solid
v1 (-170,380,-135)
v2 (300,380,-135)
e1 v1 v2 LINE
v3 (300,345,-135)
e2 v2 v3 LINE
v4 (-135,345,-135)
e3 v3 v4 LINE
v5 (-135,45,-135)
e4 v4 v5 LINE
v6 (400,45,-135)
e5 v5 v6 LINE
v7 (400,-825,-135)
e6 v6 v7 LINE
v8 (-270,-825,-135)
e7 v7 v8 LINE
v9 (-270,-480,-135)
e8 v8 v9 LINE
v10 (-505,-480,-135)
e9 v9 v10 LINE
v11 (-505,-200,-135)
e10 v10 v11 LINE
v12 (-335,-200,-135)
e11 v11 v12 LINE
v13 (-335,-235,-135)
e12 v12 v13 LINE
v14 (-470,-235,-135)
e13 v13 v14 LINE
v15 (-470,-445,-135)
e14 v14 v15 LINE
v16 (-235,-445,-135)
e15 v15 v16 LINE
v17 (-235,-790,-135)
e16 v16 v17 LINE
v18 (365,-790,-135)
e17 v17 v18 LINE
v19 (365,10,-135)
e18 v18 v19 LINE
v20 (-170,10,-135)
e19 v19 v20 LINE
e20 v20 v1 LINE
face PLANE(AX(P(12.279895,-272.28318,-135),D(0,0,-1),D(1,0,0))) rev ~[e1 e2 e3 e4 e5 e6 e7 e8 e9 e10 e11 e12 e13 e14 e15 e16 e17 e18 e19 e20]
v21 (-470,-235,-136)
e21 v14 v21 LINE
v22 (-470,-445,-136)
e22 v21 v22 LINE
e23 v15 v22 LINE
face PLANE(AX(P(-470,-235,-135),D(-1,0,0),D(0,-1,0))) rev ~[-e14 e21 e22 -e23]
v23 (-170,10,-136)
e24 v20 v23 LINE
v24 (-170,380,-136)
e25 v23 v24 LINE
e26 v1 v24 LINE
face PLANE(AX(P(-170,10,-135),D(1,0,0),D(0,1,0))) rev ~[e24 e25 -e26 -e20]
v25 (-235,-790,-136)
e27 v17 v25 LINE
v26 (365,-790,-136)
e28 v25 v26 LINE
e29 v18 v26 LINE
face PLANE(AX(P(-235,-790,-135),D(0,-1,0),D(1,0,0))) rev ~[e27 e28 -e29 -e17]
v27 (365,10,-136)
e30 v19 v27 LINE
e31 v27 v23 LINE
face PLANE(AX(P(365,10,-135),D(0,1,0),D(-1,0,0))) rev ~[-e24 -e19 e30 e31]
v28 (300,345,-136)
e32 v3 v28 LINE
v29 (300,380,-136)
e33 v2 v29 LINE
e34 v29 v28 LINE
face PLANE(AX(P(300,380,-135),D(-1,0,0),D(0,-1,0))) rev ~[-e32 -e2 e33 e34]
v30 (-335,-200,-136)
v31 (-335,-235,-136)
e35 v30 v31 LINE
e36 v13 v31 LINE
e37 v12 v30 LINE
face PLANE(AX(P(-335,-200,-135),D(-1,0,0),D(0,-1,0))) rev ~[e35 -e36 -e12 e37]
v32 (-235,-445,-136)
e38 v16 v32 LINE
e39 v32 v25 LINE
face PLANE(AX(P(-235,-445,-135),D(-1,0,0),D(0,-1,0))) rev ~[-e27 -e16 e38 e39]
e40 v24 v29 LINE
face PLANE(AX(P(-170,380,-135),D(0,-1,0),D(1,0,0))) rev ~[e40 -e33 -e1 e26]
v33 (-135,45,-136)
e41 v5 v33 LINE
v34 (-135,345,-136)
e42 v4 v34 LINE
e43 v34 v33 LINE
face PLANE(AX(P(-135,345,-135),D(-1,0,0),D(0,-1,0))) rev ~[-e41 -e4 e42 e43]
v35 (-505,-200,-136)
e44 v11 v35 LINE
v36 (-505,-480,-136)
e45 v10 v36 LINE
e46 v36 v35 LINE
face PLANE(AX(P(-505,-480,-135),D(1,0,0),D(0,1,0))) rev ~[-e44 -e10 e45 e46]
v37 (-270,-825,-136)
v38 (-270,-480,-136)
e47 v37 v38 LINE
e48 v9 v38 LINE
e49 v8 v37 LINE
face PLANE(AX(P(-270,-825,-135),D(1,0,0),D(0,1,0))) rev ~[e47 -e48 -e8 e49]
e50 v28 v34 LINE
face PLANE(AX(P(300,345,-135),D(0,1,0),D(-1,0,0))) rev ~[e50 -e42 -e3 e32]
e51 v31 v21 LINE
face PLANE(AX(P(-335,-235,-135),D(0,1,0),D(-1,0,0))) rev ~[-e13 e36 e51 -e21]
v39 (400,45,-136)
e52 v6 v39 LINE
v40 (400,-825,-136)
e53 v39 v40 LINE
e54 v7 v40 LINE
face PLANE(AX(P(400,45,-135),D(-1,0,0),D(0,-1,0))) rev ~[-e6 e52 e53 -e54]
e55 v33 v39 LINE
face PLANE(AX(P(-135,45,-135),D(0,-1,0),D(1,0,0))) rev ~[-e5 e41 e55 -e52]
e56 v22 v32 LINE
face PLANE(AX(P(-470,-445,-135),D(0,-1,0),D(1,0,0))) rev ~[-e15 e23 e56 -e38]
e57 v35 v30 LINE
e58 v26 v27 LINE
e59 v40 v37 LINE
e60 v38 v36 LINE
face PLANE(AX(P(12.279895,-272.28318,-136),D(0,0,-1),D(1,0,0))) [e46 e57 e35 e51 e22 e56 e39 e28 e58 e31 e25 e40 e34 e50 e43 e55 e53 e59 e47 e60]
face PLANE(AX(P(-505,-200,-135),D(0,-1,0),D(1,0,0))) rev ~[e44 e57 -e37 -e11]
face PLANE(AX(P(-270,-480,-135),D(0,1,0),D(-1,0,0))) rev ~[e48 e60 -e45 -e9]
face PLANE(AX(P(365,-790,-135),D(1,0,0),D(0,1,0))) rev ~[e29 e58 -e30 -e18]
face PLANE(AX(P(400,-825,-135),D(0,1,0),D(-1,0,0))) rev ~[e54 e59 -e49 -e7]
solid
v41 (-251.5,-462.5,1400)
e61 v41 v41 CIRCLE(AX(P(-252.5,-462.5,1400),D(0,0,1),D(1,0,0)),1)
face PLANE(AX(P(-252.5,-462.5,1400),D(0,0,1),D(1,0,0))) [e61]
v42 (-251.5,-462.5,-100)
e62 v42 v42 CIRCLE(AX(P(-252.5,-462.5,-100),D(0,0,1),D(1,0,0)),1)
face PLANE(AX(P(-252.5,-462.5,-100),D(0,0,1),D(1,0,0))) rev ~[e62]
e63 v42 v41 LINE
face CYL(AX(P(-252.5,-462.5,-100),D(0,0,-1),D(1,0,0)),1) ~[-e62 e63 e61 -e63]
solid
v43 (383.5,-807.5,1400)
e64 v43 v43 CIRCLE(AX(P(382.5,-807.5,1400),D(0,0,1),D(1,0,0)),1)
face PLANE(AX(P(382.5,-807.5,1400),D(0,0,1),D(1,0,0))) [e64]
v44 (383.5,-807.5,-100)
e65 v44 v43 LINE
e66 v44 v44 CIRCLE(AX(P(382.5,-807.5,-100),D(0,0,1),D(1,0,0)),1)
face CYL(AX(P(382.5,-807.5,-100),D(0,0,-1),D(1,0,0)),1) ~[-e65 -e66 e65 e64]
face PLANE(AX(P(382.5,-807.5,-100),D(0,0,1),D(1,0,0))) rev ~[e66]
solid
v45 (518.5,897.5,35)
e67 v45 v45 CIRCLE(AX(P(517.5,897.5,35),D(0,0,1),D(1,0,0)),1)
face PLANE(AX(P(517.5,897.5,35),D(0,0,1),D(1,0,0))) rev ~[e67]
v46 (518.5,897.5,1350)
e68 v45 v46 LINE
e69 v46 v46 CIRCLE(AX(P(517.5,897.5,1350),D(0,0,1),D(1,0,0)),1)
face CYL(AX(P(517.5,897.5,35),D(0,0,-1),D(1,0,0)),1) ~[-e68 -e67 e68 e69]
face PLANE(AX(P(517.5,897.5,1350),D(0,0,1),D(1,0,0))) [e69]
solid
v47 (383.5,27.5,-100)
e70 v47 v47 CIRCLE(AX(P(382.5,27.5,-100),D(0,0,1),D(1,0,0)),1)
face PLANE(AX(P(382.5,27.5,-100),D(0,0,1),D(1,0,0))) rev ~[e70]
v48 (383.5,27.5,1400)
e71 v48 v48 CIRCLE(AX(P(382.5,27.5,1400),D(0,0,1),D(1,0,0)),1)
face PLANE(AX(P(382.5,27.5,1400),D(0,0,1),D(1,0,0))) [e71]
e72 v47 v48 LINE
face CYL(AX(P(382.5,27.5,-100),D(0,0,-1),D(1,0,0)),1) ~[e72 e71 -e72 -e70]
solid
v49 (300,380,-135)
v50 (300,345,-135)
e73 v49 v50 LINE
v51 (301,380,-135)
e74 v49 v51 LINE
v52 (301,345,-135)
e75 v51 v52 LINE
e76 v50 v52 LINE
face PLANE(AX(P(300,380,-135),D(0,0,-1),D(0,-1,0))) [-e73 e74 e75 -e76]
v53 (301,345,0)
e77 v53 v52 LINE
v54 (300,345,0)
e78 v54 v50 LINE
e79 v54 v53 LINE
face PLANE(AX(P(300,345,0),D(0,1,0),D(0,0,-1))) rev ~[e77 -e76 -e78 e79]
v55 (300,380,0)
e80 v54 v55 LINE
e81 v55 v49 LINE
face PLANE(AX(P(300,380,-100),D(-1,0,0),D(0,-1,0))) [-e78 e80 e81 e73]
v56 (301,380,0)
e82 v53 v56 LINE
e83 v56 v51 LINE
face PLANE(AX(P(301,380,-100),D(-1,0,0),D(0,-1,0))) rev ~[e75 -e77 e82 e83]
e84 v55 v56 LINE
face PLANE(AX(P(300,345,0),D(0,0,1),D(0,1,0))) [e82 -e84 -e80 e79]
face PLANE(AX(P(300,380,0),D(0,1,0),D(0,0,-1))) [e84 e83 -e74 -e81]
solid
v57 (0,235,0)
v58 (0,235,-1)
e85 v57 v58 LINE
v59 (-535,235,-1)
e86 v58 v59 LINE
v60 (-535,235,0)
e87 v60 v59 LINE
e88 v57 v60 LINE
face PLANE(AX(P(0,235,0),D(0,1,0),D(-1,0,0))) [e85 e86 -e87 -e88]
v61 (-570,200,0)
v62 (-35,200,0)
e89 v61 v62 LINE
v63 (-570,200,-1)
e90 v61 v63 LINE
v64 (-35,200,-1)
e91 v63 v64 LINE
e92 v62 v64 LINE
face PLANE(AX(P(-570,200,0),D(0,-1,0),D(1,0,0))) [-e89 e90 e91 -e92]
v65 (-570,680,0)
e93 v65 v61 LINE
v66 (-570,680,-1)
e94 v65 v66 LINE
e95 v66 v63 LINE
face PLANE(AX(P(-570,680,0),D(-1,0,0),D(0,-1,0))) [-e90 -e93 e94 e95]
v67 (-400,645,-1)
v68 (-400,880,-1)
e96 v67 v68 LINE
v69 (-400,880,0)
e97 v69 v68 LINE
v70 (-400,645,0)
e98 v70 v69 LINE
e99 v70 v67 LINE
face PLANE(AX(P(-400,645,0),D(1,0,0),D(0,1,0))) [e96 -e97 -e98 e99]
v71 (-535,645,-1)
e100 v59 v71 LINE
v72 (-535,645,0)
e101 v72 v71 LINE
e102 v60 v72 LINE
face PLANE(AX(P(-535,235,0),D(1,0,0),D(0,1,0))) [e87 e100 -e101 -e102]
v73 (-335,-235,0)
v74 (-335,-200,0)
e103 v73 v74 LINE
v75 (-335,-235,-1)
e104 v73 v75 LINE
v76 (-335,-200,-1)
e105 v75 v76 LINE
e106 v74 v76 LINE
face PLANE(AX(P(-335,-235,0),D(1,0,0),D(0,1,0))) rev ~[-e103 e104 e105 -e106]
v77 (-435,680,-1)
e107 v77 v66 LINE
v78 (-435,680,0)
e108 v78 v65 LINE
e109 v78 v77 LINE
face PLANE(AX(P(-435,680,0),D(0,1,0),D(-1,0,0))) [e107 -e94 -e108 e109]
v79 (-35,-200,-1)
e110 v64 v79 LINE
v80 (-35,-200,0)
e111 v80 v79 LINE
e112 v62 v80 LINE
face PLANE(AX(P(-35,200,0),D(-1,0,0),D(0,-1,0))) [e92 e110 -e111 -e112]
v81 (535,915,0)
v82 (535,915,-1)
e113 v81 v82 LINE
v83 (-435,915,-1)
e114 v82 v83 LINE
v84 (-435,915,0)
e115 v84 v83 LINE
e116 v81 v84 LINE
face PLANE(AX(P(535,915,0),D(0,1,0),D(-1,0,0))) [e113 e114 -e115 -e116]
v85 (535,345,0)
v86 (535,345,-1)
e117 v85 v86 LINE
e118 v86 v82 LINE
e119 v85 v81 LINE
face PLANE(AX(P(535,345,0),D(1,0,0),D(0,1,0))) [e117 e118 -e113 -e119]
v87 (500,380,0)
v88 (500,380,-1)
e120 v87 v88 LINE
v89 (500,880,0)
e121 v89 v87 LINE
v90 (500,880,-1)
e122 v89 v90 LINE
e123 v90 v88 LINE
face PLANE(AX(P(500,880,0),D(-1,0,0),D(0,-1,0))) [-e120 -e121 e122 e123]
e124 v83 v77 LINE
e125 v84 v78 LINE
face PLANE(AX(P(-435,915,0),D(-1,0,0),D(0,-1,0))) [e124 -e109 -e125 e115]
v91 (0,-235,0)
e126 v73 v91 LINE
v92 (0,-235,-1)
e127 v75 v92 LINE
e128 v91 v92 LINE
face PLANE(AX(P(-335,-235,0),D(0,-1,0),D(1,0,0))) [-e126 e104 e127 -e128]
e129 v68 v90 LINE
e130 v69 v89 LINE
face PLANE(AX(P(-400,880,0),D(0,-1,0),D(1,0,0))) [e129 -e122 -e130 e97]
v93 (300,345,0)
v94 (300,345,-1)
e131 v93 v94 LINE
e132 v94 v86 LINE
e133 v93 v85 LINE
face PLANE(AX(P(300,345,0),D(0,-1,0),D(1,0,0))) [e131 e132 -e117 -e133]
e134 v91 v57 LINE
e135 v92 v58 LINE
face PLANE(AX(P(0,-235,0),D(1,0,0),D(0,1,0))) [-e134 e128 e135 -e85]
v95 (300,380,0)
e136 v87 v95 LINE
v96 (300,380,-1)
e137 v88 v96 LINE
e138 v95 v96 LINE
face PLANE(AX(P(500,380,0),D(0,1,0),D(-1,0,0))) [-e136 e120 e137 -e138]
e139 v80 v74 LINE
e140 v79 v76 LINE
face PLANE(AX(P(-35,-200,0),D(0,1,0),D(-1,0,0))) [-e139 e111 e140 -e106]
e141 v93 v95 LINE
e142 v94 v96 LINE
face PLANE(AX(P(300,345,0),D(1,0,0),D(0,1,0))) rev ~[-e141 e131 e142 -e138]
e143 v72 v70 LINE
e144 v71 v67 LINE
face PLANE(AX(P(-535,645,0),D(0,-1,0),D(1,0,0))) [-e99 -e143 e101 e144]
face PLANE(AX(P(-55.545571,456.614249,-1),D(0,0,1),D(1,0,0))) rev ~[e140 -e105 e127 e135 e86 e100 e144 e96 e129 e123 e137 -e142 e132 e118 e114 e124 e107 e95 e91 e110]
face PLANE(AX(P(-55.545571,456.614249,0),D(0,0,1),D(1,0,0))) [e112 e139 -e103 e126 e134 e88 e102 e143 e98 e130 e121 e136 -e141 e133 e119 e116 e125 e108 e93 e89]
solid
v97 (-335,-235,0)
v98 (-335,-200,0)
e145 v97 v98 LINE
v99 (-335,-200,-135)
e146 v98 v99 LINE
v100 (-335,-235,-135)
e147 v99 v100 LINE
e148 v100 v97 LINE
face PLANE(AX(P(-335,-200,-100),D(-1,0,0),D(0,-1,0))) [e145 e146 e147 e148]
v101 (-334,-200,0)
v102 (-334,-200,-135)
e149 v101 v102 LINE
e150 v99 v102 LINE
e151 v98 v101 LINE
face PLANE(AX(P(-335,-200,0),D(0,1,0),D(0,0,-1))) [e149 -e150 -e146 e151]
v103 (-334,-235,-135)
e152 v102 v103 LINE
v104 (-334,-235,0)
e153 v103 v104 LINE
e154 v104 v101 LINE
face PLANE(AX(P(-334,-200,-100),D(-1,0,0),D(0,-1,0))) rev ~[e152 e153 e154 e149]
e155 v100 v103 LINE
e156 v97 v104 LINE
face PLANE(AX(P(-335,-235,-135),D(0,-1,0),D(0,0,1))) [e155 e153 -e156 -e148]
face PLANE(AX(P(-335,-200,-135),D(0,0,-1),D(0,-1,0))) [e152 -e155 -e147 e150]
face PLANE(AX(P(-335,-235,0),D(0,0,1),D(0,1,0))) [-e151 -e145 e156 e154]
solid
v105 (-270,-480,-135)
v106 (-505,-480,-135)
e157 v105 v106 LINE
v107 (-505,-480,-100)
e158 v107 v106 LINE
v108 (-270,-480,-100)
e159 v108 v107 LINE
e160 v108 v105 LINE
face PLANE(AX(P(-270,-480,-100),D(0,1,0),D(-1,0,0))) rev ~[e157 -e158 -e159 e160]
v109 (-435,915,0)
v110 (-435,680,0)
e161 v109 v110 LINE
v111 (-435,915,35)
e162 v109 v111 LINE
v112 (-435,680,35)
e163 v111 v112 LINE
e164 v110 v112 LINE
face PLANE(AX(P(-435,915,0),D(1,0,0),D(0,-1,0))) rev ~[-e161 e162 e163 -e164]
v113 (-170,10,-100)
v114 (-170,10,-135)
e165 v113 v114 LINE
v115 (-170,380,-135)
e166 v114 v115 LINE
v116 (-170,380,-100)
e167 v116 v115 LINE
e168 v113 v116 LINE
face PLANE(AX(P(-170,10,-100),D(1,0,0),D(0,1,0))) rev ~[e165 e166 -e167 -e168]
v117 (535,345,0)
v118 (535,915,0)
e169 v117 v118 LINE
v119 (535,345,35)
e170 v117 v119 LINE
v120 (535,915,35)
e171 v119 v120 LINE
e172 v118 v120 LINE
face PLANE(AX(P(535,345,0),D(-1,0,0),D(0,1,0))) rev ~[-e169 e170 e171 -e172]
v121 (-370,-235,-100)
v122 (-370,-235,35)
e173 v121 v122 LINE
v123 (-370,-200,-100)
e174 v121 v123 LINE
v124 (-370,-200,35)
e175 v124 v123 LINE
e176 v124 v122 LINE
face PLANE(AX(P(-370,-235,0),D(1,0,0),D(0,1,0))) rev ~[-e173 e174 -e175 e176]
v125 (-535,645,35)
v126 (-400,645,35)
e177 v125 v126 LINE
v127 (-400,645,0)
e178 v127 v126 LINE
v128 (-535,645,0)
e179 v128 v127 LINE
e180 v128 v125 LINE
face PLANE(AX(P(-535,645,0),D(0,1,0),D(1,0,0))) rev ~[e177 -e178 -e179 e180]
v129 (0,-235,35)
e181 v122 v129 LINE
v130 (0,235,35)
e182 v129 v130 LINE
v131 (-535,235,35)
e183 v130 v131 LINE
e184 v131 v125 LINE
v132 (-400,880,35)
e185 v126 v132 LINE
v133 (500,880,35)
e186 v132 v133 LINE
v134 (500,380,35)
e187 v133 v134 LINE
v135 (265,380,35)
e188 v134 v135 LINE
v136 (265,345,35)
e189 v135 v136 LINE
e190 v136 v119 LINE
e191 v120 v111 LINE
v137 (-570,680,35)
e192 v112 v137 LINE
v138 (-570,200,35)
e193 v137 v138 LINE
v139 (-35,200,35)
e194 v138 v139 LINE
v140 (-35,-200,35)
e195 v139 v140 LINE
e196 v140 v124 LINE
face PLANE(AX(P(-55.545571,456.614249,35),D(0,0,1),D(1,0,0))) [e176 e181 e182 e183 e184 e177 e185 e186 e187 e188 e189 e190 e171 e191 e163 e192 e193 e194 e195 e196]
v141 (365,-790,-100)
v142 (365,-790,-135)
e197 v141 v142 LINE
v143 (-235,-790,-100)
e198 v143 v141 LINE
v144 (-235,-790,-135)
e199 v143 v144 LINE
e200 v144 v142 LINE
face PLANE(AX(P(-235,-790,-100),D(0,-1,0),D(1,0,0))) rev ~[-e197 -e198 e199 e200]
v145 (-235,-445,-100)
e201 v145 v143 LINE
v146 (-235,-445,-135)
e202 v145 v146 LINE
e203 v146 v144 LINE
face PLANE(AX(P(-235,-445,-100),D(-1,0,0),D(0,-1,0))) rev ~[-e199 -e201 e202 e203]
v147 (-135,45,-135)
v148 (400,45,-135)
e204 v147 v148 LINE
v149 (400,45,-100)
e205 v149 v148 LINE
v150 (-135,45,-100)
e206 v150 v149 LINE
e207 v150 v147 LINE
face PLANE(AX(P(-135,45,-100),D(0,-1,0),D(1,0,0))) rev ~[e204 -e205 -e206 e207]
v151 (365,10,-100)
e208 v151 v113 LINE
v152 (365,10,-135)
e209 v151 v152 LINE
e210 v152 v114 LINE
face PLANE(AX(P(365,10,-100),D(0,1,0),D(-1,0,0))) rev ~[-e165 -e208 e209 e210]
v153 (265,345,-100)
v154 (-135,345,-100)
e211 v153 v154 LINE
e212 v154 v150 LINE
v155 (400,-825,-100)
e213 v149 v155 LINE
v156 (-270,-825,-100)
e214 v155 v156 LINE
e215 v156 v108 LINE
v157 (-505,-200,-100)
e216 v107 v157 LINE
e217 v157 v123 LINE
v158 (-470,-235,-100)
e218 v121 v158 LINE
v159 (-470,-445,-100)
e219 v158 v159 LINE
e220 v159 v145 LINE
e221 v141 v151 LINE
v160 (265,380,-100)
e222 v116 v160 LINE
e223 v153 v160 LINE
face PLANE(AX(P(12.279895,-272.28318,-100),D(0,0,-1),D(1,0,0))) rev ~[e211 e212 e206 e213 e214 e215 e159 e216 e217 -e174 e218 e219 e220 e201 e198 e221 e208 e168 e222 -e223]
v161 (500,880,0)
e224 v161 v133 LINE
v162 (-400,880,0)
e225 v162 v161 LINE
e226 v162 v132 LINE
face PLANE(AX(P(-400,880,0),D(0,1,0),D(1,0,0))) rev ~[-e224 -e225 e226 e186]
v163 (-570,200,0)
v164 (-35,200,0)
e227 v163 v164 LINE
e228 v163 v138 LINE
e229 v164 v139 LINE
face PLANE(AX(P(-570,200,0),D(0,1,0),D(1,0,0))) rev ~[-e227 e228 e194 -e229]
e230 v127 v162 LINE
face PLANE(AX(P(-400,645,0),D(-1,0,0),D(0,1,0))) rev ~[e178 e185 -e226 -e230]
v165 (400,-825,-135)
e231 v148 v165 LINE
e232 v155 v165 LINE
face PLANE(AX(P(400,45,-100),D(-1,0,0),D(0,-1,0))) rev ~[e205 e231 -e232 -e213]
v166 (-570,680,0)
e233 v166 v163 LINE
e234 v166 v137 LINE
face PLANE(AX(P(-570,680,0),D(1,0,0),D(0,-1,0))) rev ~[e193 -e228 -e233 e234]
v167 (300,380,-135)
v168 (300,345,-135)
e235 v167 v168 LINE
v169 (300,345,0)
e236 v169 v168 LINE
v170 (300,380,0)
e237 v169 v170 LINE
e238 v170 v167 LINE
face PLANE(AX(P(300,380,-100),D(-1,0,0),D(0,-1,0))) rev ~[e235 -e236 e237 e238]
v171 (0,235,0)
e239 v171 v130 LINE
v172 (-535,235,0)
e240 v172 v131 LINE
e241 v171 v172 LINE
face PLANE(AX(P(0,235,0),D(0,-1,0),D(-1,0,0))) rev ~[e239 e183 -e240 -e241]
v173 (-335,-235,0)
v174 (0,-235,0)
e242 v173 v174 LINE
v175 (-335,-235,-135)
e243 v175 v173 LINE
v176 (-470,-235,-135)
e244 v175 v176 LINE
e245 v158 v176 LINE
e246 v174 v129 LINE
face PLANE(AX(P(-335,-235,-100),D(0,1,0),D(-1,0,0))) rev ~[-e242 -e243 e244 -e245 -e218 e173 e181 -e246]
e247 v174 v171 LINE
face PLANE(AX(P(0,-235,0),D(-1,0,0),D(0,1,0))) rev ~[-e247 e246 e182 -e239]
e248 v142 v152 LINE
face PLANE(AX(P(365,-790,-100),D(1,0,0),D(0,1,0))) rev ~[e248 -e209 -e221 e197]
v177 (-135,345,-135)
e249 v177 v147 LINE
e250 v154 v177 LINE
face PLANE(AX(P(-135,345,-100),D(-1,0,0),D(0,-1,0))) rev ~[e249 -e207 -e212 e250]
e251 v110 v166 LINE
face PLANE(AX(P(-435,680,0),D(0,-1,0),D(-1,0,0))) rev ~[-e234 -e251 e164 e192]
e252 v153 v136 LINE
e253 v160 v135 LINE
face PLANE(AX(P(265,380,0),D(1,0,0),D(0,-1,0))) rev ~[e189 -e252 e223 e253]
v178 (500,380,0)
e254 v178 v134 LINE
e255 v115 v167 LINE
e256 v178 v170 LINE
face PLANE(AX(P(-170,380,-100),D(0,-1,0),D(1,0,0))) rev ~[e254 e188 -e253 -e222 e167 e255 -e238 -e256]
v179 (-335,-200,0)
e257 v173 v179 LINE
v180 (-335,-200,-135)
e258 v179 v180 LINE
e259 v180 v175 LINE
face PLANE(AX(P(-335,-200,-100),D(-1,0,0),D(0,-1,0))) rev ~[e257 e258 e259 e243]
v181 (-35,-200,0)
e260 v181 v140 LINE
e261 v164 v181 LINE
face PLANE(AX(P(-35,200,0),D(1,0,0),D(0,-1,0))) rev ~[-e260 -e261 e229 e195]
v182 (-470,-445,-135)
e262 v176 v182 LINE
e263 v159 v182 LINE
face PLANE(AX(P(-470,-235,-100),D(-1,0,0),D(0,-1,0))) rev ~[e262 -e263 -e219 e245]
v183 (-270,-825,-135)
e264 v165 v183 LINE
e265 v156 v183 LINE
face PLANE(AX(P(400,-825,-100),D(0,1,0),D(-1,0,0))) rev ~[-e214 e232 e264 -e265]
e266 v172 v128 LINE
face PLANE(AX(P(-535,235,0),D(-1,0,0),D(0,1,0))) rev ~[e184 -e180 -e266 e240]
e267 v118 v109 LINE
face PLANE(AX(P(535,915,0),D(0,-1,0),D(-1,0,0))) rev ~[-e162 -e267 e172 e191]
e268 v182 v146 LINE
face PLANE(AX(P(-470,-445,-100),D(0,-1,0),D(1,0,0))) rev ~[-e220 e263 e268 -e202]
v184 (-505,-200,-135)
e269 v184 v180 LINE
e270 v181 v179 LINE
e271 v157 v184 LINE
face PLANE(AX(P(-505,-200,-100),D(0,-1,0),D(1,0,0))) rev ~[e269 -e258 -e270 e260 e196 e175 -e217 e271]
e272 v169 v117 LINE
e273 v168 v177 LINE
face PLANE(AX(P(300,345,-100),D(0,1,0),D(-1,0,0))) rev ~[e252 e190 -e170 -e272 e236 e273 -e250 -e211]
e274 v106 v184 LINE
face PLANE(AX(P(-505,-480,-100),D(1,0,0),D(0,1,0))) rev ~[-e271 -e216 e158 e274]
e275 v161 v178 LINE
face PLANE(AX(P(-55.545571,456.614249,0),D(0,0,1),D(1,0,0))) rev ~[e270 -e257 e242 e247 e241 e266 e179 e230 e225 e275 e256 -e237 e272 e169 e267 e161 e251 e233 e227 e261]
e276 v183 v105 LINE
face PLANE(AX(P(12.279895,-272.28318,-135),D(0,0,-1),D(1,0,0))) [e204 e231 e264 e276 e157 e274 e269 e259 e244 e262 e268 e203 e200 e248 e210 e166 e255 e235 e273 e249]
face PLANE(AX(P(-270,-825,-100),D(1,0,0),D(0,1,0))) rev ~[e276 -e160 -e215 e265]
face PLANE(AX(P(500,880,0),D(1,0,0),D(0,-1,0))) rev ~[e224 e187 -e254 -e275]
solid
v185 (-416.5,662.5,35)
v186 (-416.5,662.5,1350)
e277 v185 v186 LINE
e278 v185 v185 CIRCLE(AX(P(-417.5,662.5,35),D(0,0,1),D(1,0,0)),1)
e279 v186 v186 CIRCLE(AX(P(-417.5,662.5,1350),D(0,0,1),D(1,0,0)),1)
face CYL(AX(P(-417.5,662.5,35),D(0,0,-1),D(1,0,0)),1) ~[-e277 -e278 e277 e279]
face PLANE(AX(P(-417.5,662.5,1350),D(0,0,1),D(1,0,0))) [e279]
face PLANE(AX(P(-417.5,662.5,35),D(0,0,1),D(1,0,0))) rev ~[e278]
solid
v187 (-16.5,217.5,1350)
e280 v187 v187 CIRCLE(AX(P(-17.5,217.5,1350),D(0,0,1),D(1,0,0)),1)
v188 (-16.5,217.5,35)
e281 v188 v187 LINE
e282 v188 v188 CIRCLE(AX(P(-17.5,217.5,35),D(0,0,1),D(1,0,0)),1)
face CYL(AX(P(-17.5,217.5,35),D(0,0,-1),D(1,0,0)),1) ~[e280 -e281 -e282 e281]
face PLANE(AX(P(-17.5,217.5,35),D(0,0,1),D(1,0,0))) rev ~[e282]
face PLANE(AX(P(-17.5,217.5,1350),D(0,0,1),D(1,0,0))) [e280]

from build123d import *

# Parameters (mm, degrees)
F1_DEPTH  = 35
F2_W      = 35
F2_H      = 35
F3_DEPTH  = 100
F6_DEPTH  = 35
F7_DEPTH  = 1
F8_DEPTH  = 1
F9_DEPTH  = 1
F10_R     = 1
F11_DEPTH = 1500
F12_R     = 1
F13_DEPTH = 1315


with BuildPart() as f1:
    # F0 (on Top) → F1 (new body)
    with BuildSketch(Plane.XY):
        Polygon((500, 880), (500, 380), (265, 380), (265, 345), (535, 345), (535, 915), (-435, 915), (-435, 680), (-570, 680), (-570, 200), (-35, 200), (-35, -200), (-370, -200), (-370, -235), (0, -235), (0, 235), (-535, 235), (-535, 645), (-400, 645), (-400, 880), align=None)
    extrude(amount=F1_DEPTH)

    # F2 (on Top) → F3 (join)
    with BuildSketch(Plane.XY):
        with Locations((-352.5, -217.5)):
            Rectangle(F2_W, F2_H)
        with Locations((282.5, 362.5)):
            Rectangle(F2_W, F2_H)
    extrude(amount=-F3_DEPTH)

    # F5 (on offset) → F6 (join)
    with BuildSketch(Plane(origin=(0, 0, -100), x_dir=(1, 0, 0), z_dir=(0, 0, -1))):
        Polygon((-170, -10), (-170, -380), (300, -380), (300, -345), (-135, -345), (-135, -45), (400, -45), (400, 825), (-270, 825), (-270, 480), (-505, 480), (-505, 200), (-335, 200), (-335, 235), (-470, 235), (-470, 445), (-235, 445), (-235, 790), (365, 790), (365, -10), align=None)
    extrude(amount=F6_DEPTH)


with BuildPart() as f7:
    # F7 (new): a face of the model
    f7_faces = [f1.part.faces().sort_by_distance(p)[0] for p in [
        (-154.9299966822, 195, -135),
    ]]
    extrude(f7_faces, amount=F7_DEPTH)


with BuildPart() as f8:
    # F8 (new): a face of the model
    f8_faces = [f1.part.faces().sort_by_distance(p)[0] for p in [
        (-335, -217.5, -67.5),
    ]]
    extrude(f8_faces, amount=F8_DEPTH)


with BuildPart() as f8b:
    # F8#2 (new): a face of the model
    f8_2_faces = [f1.part.faces().sort_by_distance(p)[0] for p in [
        (300, 362.5, -67.5),
    ]]
    extrude(f8_2_faces, amount=F8_DEPTH)


with BuildPart() as f9:
    # F9 (new): a face of the model
    f9_faces = [f1.part.faces().sort_by_distance(p)[0] for p in [
        (50, 895.9484325249, 0),
    ]]
    extrude(f9_faces, amount=F9_DEPTH)


with BuildPart() as f11:
    # F10 (on face) → F11 (new body)
    with BuildSketch(Plane.XY.offset(-100)):
        with Locations((-252.5, -462.5)):
            Circle(F10_R)
    extrude(amount=F11_DEPTH)


with BuildPart() as f11b:
    # F10 (on face) → F11, piece 2 (new body)
    with BuildSketch(Plane.XY.offset(-100)):
        with Locations((382.5, 27.5)):
            Circle(F10_R)
    extrude(amount=F11_DEPTH)


with BuildPart() as f11c:
    # F10 (on face) → F11, piece 3 (new body)
    with BuildSketch(Plane.XY.offset(-100)):
        with Locations((382.5, -807.5)):
            Circle(F10_R)
    extrude(amount=F11_DEPTH)


with BuildPart() as f13:
    # F12 (on face) → F13 (new body)
    with BuildSketch(Plane.XY.offset(35)):
        with Locations((-417.5, 662.5)):
            Circle(F12_R)
    extrude(amount=F13_DEPTH)


with BuildPart() as f13b:
    # F12 (on face) → F13, piece 2 (new body)
    with BuildSketch(Plane.XY.offset(35)):
        with Locations((517.5, 897.5)):
            Circle(F12_R)
    extrude(amount=F13_DEPTH)


with BuildPart() as f13c:
    # F12 (on face) → F13, piece 3 (new body)
    with BuildSketch(Plane.XY.offset(35)):
        with Locations((-17.5, 217.5)):
            Circle(F12_R)
    extrude(amount=F13_DEPTH)


solid = Compound([f1.part, f7.part, f8.part, f8b.part, f9.part, f11.part, f11b.part, f11c.part, f13.part, f13b.part, f13c.part])
